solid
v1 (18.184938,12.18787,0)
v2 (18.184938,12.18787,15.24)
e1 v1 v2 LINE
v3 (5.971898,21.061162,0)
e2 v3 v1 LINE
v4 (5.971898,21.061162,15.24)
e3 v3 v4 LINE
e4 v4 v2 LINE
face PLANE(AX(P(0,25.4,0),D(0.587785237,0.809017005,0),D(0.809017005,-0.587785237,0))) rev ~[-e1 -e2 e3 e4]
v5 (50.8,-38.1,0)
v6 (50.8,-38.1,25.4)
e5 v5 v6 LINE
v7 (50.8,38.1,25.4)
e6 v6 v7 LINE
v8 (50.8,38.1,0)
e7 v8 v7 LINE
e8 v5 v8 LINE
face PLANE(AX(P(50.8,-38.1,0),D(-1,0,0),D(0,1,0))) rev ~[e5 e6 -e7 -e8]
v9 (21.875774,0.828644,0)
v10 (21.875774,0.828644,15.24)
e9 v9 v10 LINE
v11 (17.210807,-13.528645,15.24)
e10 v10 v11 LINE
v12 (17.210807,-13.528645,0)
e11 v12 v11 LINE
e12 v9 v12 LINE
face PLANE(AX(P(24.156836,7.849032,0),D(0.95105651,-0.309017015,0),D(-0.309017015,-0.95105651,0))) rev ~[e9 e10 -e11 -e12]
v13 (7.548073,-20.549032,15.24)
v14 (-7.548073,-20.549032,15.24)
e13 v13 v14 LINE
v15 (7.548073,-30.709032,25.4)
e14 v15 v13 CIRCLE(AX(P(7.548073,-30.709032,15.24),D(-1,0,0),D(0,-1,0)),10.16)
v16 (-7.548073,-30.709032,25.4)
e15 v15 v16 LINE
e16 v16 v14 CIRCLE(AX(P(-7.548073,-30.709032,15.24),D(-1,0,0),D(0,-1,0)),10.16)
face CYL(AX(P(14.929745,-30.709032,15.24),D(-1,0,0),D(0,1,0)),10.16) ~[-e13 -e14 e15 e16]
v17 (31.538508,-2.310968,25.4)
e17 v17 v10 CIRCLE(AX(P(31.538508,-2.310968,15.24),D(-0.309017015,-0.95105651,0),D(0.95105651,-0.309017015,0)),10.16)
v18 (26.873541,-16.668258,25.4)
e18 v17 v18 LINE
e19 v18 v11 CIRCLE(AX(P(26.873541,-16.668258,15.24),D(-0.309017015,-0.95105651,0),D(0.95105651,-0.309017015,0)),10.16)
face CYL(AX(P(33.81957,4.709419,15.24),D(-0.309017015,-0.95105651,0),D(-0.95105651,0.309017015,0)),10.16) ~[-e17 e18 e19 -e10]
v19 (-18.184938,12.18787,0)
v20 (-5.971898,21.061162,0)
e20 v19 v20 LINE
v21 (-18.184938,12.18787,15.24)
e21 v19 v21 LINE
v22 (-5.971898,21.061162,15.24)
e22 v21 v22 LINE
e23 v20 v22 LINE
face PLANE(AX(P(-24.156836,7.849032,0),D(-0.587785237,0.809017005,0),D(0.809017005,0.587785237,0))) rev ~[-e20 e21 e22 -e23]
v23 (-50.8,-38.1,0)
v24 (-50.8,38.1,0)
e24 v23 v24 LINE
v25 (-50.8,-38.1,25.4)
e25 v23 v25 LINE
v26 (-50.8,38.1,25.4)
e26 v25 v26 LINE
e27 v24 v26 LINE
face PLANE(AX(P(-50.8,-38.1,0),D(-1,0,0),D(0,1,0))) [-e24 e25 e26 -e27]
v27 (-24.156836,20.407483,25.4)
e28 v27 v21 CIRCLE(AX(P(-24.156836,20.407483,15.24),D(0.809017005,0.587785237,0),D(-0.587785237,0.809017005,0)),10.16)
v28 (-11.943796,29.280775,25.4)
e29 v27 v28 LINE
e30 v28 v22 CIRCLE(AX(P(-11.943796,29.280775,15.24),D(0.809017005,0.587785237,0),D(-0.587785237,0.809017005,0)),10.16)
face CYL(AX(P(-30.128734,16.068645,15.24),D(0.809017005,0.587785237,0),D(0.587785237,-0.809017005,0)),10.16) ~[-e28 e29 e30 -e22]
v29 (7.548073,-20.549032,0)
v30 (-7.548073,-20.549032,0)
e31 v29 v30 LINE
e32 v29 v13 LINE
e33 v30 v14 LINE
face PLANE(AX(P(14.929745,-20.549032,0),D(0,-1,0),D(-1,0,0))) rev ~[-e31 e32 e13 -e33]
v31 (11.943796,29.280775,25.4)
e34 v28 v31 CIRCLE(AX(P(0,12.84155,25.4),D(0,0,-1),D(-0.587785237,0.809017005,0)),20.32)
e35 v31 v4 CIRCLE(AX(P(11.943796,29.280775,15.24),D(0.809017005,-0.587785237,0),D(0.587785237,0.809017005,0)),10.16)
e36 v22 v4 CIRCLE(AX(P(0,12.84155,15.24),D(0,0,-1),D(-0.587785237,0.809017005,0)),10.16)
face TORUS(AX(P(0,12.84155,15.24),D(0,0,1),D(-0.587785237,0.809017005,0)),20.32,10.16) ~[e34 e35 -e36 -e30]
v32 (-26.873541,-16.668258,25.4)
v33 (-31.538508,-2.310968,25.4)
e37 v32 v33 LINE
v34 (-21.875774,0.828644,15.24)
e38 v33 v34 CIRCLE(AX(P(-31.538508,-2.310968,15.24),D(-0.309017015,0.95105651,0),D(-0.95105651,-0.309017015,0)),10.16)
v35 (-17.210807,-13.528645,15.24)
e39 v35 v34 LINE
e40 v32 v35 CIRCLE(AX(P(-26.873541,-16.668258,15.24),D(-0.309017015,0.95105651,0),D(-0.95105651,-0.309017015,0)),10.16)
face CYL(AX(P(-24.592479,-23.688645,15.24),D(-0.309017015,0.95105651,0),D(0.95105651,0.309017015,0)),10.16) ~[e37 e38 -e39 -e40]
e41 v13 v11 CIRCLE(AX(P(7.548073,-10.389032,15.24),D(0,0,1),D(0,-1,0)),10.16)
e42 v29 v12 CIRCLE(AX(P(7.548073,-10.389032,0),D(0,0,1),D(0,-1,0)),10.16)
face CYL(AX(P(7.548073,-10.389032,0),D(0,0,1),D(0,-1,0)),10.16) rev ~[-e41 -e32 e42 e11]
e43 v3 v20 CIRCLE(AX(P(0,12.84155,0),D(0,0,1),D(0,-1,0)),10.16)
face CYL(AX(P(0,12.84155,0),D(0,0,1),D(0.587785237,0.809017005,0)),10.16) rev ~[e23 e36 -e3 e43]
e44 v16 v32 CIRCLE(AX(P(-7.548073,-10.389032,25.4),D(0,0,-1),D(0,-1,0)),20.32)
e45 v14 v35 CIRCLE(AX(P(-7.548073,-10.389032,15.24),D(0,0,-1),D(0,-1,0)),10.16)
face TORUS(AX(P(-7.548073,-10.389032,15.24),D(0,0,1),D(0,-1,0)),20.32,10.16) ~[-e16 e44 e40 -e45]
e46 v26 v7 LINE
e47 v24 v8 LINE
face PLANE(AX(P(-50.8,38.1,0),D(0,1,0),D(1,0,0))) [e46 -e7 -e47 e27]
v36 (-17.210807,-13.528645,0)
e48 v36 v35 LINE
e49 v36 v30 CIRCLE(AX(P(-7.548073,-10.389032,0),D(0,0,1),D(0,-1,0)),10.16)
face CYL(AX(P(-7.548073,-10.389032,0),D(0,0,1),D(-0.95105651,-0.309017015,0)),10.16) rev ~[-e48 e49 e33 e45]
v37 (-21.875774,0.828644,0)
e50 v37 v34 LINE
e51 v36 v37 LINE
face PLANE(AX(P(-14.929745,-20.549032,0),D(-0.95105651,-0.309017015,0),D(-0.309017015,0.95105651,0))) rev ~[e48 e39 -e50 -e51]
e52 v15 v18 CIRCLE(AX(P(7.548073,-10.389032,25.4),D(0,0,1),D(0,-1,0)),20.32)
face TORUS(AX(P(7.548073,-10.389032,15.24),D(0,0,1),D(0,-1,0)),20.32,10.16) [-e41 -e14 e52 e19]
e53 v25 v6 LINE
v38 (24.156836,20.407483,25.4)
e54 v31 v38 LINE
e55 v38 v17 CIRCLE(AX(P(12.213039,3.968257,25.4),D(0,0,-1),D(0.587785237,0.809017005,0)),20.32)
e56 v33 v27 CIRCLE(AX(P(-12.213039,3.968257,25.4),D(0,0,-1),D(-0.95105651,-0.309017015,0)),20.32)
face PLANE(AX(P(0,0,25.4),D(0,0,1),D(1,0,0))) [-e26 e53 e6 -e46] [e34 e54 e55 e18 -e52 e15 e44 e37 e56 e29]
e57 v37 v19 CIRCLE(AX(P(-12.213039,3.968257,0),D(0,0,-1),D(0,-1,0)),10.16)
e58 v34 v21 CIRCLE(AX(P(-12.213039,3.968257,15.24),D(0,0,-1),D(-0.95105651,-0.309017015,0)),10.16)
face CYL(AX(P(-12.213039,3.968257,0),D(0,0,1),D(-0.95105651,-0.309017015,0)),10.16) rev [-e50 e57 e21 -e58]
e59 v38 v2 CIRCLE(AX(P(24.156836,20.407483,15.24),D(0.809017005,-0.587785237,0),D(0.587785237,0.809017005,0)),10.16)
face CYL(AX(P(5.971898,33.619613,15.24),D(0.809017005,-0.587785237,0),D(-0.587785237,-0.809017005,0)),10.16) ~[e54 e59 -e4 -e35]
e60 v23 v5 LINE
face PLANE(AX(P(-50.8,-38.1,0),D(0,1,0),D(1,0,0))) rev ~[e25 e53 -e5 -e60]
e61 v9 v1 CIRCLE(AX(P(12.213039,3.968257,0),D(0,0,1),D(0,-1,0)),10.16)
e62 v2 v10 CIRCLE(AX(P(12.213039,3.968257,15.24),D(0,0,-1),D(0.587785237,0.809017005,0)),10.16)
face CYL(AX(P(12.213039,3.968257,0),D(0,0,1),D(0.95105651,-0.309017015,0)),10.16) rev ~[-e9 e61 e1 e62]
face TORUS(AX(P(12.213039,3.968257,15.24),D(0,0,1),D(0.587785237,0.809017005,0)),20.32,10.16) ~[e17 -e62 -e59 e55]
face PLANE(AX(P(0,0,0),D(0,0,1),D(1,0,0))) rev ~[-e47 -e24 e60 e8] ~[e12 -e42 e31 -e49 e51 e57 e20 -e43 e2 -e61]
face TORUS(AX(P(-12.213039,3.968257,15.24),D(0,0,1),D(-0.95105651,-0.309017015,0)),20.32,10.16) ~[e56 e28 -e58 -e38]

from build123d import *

# Parameters (mm, degrees)
F0_W     = 101.6
F0_H     = 76.2
F1_DEPTH = 25.4
F2_R     = 10.16


with BuildPart() as f1:
    # F0 (on Top) → F1 (new body)
    with BuildSketch(Plane.XY):
        Rectangle(F0_W, F0_H)
        Polygon((-24.156836, 7.849032), (0, 25.4), (24.156836, 7.849032), (14.929745, -20.549032), (-14.929745, -20.549032), align=None, mode=Mode.SUBTRACT)
    extrude(amount=F1_DEPTH)

    # F2
    f2_edges = [f1.edges().sort_by_distance(p)[0] for p in [
        (0, -20.549032, 25.4),
        (-19.54329, -6.35, 25.4),
        (-12.078418, 16.624516, 25.4),
        (12.078418, 16.624516, 25.4),
        (19.54329, -6.35, 25.4),
        (-14.929745, -20.549032, 12.7),
        (14.929745, -20.549032, 12.7),
        (24.156836, 7.849032, 12.7),
        (0, 25.4, 12.7),
        (-24.156836, 7.849032, 12.7),
    ]]
    fillet(f2_edges, radius=F2_R)


solid = f1.part
